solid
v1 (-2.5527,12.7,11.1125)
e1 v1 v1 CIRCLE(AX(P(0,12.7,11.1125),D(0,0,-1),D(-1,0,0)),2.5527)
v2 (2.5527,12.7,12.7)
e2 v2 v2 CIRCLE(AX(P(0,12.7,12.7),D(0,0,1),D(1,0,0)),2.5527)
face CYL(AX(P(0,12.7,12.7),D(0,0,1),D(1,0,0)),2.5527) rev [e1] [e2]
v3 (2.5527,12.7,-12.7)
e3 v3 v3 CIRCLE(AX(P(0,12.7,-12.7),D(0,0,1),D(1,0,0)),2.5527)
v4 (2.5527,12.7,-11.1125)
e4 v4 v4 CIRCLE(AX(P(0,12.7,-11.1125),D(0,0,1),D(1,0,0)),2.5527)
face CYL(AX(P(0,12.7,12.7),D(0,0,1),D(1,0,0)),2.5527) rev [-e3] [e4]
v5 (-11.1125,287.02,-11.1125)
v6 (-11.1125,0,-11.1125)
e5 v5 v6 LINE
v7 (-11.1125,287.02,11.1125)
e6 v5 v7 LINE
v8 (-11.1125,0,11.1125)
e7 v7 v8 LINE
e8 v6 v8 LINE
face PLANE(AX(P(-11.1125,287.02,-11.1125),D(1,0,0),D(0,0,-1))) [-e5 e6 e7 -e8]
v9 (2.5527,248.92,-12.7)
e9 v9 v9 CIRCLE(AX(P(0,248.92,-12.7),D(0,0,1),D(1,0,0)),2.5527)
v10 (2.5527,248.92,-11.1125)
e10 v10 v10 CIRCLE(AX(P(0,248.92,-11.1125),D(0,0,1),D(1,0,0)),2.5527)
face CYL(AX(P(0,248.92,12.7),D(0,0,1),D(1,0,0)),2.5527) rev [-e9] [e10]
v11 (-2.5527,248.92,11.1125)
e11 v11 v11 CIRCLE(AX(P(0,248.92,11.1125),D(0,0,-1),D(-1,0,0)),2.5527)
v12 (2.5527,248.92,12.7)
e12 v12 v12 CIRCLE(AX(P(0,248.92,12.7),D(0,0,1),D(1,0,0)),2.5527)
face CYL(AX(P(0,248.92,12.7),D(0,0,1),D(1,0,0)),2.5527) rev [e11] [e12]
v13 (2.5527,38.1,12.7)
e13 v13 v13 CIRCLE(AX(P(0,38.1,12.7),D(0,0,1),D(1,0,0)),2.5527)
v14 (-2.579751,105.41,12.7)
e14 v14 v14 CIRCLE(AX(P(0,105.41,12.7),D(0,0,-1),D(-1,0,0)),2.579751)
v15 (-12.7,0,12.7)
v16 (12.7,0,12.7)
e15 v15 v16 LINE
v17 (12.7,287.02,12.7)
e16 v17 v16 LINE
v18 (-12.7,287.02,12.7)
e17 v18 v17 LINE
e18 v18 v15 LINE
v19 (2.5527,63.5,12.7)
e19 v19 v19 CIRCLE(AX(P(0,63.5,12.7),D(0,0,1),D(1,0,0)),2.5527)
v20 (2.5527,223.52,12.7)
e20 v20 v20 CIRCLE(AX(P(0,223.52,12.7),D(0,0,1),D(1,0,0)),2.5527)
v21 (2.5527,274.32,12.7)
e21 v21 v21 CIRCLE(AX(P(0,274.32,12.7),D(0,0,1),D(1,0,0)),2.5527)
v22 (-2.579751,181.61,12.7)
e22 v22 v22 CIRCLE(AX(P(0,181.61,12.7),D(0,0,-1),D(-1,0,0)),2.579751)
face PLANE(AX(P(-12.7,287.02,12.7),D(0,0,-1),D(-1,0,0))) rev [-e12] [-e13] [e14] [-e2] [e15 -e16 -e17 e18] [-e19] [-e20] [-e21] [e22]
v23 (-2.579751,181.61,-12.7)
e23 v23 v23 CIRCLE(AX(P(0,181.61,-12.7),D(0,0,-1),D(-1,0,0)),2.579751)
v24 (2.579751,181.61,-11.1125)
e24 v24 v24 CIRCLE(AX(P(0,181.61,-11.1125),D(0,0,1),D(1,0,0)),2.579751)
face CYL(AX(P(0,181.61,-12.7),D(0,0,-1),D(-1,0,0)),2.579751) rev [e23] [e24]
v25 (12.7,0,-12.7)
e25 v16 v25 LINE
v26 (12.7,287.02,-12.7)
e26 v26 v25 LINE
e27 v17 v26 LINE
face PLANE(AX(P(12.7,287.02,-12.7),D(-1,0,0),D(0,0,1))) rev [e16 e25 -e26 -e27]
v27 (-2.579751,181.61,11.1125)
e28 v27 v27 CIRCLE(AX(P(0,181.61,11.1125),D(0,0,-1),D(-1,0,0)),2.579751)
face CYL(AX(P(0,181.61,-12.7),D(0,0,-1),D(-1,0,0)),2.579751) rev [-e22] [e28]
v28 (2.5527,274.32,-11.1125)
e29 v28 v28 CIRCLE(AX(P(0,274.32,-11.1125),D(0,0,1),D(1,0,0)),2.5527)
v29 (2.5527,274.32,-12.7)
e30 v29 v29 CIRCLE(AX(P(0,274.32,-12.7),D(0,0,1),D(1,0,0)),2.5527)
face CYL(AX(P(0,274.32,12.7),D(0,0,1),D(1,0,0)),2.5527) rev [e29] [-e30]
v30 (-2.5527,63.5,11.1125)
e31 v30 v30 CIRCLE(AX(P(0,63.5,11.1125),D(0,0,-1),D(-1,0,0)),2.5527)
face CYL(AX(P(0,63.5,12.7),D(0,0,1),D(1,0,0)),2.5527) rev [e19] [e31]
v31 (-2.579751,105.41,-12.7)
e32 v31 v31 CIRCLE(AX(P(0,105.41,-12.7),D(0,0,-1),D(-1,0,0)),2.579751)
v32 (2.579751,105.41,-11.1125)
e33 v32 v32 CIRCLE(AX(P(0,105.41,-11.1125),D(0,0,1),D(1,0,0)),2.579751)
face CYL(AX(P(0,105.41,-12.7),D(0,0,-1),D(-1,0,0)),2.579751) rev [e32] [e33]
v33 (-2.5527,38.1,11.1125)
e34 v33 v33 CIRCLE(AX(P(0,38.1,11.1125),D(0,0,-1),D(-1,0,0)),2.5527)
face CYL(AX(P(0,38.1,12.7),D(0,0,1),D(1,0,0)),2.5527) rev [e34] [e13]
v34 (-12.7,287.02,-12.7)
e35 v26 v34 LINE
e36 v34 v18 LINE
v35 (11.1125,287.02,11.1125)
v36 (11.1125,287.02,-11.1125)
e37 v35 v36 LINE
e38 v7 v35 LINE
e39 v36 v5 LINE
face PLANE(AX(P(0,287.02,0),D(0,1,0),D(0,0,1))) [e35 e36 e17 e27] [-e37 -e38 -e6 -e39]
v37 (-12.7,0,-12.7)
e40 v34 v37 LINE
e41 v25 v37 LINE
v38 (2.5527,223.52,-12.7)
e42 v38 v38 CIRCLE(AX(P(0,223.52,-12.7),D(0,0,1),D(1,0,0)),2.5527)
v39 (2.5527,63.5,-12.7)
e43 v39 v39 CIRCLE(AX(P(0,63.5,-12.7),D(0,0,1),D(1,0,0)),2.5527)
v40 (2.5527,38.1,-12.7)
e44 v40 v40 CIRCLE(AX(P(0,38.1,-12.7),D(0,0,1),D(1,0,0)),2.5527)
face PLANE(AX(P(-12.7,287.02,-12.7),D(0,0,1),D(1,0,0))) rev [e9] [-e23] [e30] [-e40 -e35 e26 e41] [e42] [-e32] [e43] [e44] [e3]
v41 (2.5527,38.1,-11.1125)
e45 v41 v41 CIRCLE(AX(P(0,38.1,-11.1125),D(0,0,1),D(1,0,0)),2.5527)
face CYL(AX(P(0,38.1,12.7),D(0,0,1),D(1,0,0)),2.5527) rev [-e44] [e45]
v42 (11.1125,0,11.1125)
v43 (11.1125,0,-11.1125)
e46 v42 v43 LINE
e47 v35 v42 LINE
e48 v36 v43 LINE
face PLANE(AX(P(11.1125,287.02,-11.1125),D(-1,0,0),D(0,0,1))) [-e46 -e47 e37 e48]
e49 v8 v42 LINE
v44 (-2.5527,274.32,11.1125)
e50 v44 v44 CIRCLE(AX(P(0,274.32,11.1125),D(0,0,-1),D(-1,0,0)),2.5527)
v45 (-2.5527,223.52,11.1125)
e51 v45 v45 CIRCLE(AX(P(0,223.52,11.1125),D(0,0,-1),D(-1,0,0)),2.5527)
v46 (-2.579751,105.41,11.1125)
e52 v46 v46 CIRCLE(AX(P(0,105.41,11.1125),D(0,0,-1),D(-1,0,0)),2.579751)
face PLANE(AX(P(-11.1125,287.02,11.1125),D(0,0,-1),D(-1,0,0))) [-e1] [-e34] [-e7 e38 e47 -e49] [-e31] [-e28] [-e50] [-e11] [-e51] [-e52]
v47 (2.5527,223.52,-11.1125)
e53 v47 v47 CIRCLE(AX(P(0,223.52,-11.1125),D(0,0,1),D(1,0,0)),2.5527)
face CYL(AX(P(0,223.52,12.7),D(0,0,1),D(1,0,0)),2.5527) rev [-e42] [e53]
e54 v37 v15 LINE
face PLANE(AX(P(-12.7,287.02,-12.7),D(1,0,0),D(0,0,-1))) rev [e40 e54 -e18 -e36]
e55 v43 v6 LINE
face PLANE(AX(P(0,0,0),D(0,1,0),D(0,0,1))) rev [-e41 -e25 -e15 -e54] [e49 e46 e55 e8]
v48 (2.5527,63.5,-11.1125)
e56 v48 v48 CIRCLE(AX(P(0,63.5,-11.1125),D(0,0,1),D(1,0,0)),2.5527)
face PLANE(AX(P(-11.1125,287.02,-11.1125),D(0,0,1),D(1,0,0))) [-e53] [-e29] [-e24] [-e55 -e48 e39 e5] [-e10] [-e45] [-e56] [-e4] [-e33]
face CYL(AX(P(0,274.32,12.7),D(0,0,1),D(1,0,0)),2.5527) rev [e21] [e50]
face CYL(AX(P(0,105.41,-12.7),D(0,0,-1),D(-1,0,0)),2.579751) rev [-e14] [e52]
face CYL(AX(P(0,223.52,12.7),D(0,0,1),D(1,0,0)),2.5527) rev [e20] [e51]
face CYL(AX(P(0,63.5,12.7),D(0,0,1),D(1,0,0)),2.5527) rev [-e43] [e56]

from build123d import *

# Parameters (mm, degrees)
SKETCH1_W                        = 25.4
SKETCH1_H                        = 25.4
SKETCH1_W_2                      = 22.225
SKETCH1_H_2                      = 22.225
BOSS_EXTRUDE1_DEPTH              = 287.02
F_10_CLEARANCE_HOLE1_D           = 5.1054
F_13_64_0_20313_DIAMETER_HOLE1_D = 5.159502


with BuildPart() as part:
    # Sketch1 → Boss-Extrude1 (new body)
    with BuildSketch(Plane(origin=(0, 0, 0), x_dir=(1, 0, 0), z_dir=(0, 1, 0))):
        Rectangle(SKETCH1_W, SKETCH1_H)
        Rectangle(SKETCH1_W_2, SKETCH1_H_2, mode=Mode.SUBTRACT)
    extrude(amount=BOSS_EXTRUDE1_DEPTH)

    # #10 Clearance Hole1 (through all)
    with Locations(Plane.XY.offset(12.7)):
        with Locations((0, 274.32), (0, 248.92), (0, 223.52), (0, 63.5), (0, 38.1), (0, 12.7)):
            Hole(F_10_CLEARANCE_HOLE1_D / 2)

    # 13/64 (0.20313) Diameter Hole1 (through all)
    with Locations(Plane(origin=(-522.170199168, -199.39, -12.7), x_dir=(0, 1, 0), z_dir=(0, 0, -1))):
        with Locations((304.8, 522.170199168), (381, 522.170199168)):
            Hole(F_13_64_0_20313_DIAMETER_HOLE1_D / 2)


solid = part.part
